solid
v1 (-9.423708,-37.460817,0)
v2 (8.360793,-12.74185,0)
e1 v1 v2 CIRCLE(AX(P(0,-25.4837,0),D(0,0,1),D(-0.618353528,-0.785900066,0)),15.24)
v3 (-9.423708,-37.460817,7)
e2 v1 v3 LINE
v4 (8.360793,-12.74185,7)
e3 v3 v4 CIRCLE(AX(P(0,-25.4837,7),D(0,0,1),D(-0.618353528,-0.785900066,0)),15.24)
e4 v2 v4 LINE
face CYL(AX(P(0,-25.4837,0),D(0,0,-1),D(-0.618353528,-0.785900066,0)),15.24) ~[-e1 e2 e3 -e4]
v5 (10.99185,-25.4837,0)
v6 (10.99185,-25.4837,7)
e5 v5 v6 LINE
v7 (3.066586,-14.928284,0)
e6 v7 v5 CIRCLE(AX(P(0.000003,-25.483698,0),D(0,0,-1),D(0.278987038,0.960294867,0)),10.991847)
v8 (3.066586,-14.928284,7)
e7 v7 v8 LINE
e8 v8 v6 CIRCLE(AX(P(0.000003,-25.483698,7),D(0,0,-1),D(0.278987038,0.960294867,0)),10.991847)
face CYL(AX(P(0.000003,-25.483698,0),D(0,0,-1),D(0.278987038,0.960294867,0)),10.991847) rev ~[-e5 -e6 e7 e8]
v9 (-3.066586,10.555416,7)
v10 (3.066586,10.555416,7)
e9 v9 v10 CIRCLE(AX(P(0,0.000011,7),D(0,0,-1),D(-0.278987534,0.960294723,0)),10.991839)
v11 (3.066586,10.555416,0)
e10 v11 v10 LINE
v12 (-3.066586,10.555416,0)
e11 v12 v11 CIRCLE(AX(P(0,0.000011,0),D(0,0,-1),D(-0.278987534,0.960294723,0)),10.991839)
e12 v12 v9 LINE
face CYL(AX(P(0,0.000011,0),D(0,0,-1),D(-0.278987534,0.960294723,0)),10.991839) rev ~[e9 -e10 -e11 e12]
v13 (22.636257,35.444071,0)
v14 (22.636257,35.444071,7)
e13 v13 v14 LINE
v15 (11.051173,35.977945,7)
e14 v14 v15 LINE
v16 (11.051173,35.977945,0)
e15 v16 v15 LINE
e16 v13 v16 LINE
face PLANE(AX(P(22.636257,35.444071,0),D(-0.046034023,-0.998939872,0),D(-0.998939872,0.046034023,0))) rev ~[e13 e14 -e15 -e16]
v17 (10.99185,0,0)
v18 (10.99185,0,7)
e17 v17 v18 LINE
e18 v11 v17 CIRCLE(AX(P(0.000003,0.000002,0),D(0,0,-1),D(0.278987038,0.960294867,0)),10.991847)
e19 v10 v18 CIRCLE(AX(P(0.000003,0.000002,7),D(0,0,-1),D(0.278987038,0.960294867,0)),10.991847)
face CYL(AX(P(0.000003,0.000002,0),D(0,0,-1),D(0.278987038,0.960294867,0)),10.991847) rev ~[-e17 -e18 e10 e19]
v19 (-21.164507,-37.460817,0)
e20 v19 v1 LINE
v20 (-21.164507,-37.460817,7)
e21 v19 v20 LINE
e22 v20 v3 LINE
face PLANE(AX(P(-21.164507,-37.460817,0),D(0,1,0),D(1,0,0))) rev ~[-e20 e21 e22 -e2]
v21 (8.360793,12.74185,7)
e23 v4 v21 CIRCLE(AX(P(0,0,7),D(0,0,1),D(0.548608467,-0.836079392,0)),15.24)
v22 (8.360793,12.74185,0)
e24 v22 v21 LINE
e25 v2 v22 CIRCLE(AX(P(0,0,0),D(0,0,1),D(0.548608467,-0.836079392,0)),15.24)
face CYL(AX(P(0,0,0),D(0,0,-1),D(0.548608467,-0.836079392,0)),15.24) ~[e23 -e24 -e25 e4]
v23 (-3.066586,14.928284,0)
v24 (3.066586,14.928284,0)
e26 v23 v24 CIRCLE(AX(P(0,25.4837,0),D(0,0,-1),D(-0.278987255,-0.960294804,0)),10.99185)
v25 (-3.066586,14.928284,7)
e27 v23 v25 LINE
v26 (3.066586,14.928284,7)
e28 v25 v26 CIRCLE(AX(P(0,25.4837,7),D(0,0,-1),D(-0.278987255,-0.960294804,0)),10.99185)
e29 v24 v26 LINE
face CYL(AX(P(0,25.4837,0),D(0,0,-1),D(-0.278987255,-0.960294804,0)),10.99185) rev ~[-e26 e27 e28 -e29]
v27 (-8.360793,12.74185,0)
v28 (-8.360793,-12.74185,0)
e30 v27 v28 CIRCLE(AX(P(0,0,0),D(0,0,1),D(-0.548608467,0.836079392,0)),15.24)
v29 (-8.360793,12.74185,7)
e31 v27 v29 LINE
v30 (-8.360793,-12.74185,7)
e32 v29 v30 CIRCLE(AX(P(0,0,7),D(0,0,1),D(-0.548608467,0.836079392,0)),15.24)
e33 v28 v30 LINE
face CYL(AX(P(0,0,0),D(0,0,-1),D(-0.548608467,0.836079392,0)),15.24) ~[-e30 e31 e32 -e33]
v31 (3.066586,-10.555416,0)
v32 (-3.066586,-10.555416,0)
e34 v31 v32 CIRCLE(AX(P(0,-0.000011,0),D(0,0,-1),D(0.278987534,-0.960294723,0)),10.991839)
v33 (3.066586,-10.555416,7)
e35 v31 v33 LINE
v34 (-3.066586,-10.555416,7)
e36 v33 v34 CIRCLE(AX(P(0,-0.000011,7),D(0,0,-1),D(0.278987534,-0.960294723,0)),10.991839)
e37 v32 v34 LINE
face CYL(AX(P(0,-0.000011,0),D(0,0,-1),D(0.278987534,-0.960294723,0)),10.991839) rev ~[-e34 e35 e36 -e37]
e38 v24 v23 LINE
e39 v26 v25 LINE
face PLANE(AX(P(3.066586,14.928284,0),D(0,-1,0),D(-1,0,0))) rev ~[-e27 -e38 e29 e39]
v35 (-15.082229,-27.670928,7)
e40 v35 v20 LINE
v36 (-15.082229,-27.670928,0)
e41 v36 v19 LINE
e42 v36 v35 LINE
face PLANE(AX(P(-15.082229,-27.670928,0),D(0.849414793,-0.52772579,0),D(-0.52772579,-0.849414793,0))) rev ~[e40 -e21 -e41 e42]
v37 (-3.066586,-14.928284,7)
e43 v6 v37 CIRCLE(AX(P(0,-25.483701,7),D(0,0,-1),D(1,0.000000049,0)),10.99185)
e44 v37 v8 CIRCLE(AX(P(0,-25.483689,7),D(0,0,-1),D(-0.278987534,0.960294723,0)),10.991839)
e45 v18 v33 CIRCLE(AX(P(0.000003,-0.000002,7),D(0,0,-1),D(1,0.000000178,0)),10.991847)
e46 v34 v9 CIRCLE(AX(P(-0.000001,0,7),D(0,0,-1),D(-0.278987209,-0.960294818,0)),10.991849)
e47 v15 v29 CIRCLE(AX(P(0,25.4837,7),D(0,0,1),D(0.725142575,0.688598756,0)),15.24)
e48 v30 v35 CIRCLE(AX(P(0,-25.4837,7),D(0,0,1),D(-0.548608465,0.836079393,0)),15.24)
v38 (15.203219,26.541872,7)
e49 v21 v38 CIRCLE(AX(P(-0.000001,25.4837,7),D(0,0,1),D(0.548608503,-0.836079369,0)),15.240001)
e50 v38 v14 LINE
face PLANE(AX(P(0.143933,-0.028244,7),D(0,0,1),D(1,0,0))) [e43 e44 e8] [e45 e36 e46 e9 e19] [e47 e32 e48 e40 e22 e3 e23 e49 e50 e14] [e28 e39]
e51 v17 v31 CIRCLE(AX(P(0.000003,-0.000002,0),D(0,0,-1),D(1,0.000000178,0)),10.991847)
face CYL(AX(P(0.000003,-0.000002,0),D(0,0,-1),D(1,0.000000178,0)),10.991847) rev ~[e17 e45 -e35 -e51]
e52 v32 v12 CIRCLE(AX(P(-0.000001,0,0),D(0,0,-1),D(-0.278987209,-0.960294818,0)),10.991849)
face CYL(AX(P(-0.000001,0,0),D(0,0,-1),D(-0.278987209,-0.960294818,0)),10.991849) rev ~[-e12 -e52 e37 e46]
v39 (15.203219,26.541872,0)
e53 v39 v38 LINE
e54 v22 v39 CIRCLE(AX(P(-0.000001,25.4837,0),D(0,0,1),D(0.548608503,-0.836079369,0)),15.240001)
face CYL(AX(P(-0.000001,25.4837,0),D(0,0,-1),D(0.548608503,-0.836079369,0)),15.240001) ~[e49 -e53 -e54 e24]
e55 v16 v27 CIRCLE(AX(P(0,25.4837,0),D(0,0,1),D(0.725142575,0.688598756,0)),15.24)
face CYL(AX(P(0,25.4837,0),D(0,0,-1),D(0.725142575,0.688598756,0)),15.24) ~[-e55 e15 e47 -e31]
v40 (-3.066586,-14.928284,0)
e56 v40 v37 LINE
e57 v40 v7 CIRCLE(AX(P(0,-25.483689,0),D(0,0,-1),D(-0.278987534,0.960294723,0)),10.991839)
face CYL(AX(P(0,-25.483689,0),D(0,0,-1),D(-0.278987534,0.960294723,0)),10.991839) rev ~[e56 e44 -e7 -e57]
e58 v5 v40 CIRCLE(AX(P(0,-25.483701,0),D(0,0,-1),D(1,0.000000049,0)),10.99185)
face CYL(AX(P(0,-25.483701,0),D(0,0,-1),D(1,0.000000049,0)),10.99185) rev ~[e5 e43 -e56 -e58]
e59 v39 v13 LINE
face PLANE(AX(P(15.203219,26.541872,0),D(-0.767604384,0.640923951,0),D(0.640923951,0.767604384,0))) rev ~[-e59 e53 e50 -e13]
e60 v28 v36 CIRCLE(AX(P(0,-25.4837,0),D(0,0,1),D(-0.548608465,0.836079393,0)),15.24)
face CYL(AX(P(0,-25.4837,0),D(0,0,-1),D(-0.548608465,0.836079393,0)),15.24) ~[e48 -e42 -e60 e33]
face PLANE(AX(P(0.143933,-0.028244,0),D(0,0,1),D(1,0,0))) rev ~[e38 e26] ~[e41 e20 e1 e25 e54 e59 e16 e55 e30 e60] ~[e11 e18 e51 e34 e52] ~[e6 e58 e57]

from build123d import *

# Parameters (mm, degrees)
F1_DEPTH = 7


with BuildPart() as f1:
    # F0 (on Top) → F1 (new body)
    with BuildSketch(Plane.XY):
        with BuildLine():
            ThreePointArc((8.360793, -12.74185), (15.24, 0), (8.360793, 12.74185))
            ThreePointArc((8.360793, 12.74185), (13.653784, 18.713783), (15.203219, 26.541872))
            Line((15.203219, 26.541872), (22.636257, 35.444071))
            Line((22.636257, 35.444071), (11.051173, 35.977945))
            ThreePointArc((11.051173, 35.977945), (-11.695664, 35.254526), (-8.360793, 12.74185))
            ThreePointArc((-8.360793, 12.74185), (-15.24, 0), (-8.360793, -12.74185))
            ThreePointArc((-8.360793, -12.74185), (-13.896516, -19.227148), (-15.082229, -27.670928))
            Line((-15.082229, -27.670928), (-21.164507, -37.460817))
            Line((-21.164507, -37.460817), (-9.423708, -37.460817))
            ThreePointArc((-9.423708, -37.460817), (12.370904, -34.384168), (8.360793, -12.74185))
        make_face()
        with BuildLine():
            ThreePointArc((3.066586, -14.928284), (8.790001, -18.883953), (10.99185, -25.4837))
            ThreePointArc((10.99185, -25.4837), (-6.599747, -34.273701), (-3.066586, -14.928284))
            ThreePointArc((-3.066586, -14.928284), (0, -14.49185), (3.066586, -14.928284))
        make_face(mode=Mode.SUBTRACT)
        with BuildLine():
            ThreePointArc((3.066586, 10.555416), (8.790001, 6.599747), (10.99185, 0))
            ThreePointArc((10.99185, 0), (8.790001, -6.599747), (3.066586, -10.555416))
            ThreePointArc((3.066586, -10.555416), (0, -10.99185), (-3.066586, -10.555416))
            ThreePointArc((-3.066586, -10.555416), (-10.99185, 0), (-3.066586, 10.555416))
            ThreePointArc((-3.066586, 10.555416), (0, 10.99185), (3.066586, 10.555416))
        make_face(mode=Mode.SUBTRACT)
        with BuildLine():
            ThreePointArc((-3.066586, 14.928284), (0, 36.47555), (3.066586, 14.928284))
            Line((3.066586, 14.928284), (-3.066586, 14.928284))
        make_face(mode=Mode.SUBTRACT)
    extrude(amount=F1_DEPTH)


solid = f1.part
